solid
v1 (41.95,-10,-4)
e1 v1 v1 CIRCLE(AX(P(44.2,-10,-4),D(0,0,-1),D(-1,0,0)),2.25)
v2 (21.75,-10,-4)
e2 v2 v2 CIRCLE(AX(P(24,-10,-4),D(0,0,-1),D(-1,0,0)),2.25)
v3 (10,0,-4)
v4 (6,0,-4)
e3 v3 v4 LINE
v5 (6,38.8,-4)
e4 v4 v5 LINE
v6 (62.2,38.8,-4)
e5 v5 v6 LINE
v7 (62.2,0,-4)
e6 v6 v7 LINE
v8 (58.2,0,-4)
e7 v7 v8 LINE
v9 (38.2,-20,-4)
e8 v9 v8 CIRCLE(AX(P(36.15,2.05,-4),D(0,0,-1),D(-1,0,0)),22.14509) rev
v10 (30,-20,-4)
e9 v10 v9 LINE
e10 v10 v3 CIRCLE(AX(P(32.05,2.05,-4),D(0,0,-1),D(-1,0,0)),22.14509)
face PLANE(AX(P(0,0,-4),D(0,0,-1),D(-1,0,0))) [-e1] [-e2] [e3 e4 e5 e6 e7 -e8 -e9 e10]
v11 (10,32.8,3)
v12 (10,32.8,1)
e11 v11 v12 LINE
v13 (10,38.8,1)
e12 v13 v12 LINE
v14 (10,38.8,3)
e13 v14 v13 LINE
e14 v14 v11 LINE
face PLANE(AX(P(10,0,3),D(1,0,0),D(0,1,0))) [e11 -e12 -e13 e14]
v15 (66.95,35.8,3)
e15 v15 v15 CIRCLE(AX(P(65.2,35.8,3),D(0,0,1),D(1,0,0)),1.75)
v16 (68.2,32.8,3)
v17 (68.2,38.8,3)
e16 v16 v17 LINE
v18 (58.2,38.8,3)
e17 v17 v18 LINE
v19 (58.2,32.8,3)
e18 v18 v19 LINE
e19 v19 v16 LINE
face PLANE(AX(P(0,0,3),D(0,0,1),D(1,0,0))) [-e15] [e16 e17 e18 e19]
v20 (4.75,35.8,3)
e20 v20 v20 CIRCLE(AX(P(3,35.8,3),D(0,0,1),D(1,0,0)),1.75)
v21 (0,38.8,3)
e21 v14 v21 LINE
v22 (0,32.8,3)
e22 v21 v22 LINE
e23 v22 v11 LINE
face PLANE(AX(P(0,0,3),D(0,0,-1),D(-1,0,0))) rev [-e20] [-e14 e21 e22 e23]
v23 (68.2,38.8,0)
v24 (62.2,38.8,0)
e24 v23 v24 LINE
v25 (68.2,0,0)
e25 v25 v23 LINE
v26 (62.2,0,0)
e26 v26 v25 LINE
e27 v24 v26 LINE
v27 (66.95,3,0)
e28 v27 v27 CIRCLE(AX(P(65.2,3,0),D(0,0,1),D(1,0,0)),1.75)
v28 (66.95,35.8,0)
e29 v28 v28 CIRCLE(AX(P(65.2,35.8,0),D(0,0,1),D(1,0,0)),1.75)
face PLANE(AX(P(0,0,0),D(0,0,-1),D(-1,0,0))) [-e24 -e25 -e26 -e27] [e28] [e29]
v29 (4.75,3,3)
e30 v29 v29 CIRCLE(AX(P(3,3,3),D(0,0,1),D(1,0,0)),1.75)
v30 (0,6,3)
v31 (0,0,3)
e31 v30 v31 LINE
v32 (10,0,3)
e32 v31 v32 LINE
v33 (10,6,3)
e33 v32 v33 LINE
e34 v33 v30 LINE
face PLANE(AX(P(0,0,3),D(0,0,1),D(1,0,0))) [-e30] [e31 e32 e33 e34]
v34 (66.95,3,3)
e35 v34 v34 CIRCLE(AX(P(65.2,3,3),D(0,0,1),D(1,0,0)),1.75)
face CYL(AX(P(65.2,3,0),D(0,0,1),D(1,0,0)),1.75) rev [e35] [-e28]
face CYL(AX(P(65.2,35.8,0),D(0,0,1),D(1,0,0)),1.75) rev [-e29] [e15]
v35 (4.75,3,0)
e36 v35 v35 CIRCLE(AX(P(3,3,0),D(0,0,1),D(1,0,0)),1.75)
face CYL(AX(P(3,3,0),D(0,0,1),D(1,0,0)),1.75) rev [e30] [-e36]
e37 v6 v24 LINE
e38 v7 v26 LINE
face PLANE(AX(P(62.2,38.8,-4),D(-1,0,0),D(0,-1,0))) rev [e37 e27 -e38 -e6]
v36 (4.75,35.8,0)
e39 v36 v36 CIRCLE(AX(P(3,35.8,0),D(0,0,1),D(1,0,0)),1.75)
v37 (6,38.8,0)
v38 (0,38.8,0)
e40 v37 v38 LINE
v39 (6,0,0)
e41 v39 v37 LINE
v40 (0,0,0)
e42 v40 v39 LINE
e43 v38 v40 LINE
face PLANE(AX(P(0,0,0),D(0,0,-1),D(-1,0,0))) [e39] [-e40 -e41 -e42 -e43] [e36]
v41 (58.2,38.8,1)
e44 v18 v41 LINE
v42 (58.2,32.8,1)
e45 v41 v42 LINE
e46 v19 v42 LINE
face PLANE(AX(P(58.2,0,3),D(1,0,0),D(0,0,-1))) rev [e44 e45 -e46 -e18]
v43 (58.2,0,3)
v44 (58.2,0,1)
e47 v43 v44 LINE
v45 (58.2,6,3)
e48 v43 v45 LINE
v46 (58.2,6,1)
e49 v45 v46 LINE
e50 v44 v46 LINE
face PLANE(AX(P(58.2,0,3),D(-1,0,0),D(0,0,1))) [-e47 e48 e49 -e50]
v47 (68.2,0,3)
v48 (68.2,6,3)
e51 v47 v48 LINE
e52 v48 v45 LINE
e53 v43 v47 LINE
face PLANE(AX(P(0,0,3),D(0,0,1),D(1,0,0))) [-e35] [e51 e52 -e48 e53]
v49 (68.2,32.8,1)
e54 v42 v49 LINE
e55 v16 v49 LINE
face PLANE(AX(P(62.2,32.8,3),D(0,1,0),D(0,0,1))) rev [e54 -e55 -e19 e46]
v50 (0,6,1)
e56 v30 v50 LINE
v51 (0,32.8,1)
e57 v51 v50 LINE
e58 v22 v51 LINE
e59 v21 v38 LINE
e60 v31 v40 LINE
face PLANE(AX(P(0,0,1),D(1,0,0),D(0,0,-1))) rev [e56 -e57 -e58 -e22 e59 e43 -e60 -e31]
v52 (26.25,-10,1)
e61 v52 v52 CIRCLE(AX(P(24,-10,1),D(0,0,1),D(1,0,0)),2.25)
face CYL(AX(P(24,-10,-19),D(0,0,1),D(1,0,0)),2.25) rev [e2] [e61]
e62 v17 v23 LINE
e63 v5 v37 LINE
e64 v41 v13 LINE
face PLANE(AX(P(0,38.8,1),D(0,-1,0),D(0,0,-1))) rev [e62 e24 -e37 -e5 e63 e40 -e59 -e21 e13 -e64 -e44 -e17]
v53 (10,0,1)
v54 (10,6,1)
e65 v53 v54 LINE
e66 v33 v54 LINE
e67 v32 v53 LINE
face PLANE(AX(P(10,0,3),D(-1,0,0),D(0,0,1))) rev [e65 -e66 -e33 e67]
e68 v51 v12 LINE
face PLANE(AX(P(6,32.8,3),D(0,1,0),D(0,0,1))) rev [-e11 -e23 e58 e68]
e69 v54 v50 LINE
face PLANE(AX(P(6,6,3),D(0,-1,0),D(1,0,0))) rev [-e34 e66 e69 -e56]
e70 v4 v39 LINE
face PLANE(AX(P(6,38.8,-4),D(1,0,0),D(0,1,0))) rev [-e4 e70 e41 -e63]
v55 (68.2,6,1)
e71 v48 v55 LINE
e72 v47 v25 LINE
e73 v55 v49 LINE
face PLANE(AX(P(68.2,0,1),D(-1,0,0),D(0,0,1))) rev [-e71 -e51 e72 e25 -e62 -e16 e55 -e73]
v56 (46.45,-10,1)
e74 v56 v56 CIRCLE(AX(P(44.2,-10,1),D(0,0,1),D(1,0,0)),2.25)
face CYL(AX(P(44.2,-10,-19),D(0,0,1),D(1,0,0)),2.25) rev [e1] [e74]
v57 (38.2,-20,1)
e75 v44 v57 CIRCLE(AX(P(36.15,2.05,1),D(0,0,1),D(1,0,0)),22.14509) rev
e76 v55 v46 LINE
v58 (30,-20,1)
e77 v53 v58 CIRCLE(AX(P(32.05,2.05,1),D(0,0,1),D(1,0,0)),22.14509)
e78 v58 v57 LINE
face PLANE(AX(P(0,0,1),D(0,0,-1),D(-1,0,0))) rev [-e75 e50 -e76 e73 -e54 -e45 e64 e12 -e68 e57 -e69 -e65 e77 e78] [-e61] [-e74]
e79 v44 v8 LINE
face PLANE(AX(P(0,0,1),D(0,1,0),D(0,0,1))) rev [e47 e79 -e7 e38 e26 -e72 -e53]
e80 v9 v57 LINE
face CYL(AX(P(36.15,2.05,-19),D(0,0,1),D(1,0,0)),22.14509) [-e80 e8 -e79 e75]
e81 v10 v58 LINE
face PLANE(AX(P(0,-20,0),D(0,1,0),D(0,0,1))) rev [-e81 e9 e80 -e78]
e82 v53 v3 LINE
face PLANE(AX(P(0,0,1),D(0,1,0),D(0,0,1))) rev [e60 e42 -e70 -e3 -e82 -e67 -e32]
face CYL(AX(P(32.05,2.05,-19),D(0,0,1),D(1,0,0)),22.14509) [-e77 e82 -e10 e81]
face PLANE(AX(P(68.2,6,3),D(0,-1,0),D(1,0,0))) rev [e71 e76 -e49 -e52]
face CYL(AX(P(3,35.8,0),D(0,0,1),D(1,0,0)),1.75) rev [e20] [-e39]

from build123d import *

# Parameters (mm, degrees)
ESQUISSE1_W                  = 68.2
ESQUISSE1_H                  = 38.8
BOSS_EXTRU_1_DEPTH           = 1
ESQUISSE3_W                  = 6
ESQUISSE3_H                  = 6
BOSS_EXTRU_2_DEPTH           = 2
ESQUISSE2_W                  = 6
ESQUISSE2_H                  = 6
BOSS_EXTRU_3_DEPTH           = 2
ENL_V_MAT_EXTRU_1_DEPTH      = 79.489999363
ENL_V_MAT_EXTRU_1_DEPTH_BACK = 79.489999363
ESQUISSE5_R                  = 1.75
ESQUISSE6_W                  = 10
ESQUISSE6_H                  = 6
ESQUISSE6_R                  = 1.75
ESQUISSE6_R_2                = 1.8692189
BOSS_EXTRU_4_DEPTH           = 3
ESQUISSE7_W                  = 56.2
ESQUISSE7_H                  = 38.8
BOSS_EXTRU_5_DEPTH           = 4
ESQUISSE8_W                  = 48.2
ESQUISSE8_H                  = 5
BOSS_EXTRU_6_DEPTH           = 20
ESQUISSE9_R                  = 2.25
ENL_V_MAT_EXTRU_2_DEPTH      = 20


with BuildPart() as part:
    # Esquisse1 → Boss.-Extru.1 (new body)
    with BuildSketch(Plane.XY):
        with Locations((34.1, 19.4)):
            Rectangle(ESQUISSE1_W, ESQUISSE1_H)
    extrude(amount=BOSS_EXTRU_1_DEPTH)

    # Esquisse3 → Boss.-Extru.2 (add)
    with BuildSketch(Plane.XY.offset(1)):
        with Locations((65.2, 35.8)):
            Rectangle(ESQUISSE3_W, ESQUISSE3_H)
        with Locations((65.2, 3)):
            Rectangle(ESQUISSE3_W, ESQUISSE3_H)
        with Locations((3, 3)):
            Rectangle(ESQUISSE3_W, ESQUISSE3_H)
    extrude(amount=BOSS_EXTRU_2_DEPTH)

    # Esquisse2 → Boss.-Extru.3 (add)
    with BuildSketch(Plane.XY.offset(1)):
        with Locations((3, 35.8)):
            Rectangle(ESQUISSE2_W, ESQUISSE2_H)
    extrude(amount=BOSS_EXTRU_3_DEPTH)

    # Esquisse5 → Enlèv. mat.-Extru.1 (cut, two sides: drawn at the far end of the back side and taken through both)
    with BuildSketch(Plane.XY.offset(1).offset(-ENL_V_MAT_EXTRU_1_DEPTH_BACK)):
        with Locations((3, 35.8)):
            Circle(ESQUISSE5_R)
        with Locations((3, 3)):
            Circle(ESQUISSE5_R)
        with Locations((65.2, 3)):
            Circle(ESQUISSE5_R)
        with Locations((65.2, 35.8)):
            Circle(ESQUISSE5_R)
    extrude(amount=ENL_V_MAT_EXTRU_1_DEPTH + ENL_V_MAT_EXTRU_1_DEPTH_BACK, mode=Mode.SUBTRACT)

    # Esquisse6 → Boss.-Extru.4 (add)
    # profile 1 of 4: a face of its own
    with BuildSketch(Plane(origin=(0, 0, 0), x_dir=(-1, 0, 0), z_dir=(0, 0, -1))):
        with Locations((-63.2, 3)):
            Rectangle(ESQUISSE6_W, ESQUISSE6_H)
        with Locations(Location((-65.2, 3, 0), (0, 0, 180))):
            Circle(ESQUISSE6_R, mode=Mode.SUBTRACT)
    # profile 2 of 4: a face of its own
    with BuildSketch(Plane(origin=(0, 0, 0), x_dir=(-1, 0, 0), z_dir=(0, 0, -1))):
        with Locations((-63.2, 35.8)):
            Rectangle(ESQUISSE6_W, ESQUISSE6_H)
        with Locations((-65.2, 35.8)):
            Circle(ESQUISSE6_R_2, mode=Mode.SUBTRACT)
    # profile 3 of 4: a face of its own
    with BuildSketch(Plane(origin=(0, 0, 0), x_dir=(-1, 0, 0), z_dir=(0, 0, -1))):
        with Locations((-5, 3)):
            Rectangle(ESQUISSE6_W, ESQUISSE6_H)
        with Locations(Location((-3, 3, 0), (0, 0, 180))):
            Circle(ESQUISSE6_R, mode=Mode.SUBTRACT)
    # profile 4 of 4: a face of its own
    with BuildSketch(Plane(origin=(0, 0, 0), x_dir=(-1, 0, 0), z_dir=(0, 0, -1))):
        with Locations((-5, 35.8)):
            Rectangle(ESQUISSE6_W, ESQUISSE6_H)
        with Locations(Location((-3, 35.8, 0), (0, 0, 180))):
            Circle(ESQUISSE6_R, mode=Mode.SUBTRACT)
    extrude(amount=-BOSS_EXTRU_4_DEPTH)

    # Esquisse7 → Boss.-Extru.5 (add)
    with BuildSketch(Plane(origin=(0, 0, 0), x_dir=(-1, 0, 0), z_dir=(0, 0, -1))):
        with Locations((-34.1, 19.4)):
            Rectangle(ESQUISSE7_W, ESQUISSE7_H)
    extrude(amount=BOSS_EXTRU_5_DEPTH)

    # Esquisse8 → Boss.-Extru.6 (add)
    with BuildSketch(Plane.XZ):
        with Locations((34.1, -1.5)):
            Rectangle(ESQUISSE8_W, ESQUISSE8_H)
    extrude(amount=BOSS_EXTRU_6_DEPTH)

    # Esquisse9 → Enlèv. mat.-Extru.2 (cut)
    with BuildSketch(Plane.XY.offset(1)):
        with BuildLine():
            Line((10, 0), (10, -20))
            Line((10, -20), (30, -20))
            ThreePointArc((30, -20), (16.391056868, -13.608943132), (10, 0))
        make_face()
        with Locations((24, -10)):
            Circle(ESQUISSE9_R)
        with Locations((44.2, -10)):
            Circle(ESQUISSE9_R)
        with BuildLine():
            Line((58.2, -20), (58.2, 0))
            ThreePointArc((58.2, 0), (51.808943132, -13.608943132), (38.2, -20))
            Line((38.2, -20), (58.2, -20))
        make_face()
    extrude(amount=-ENL_V_MAT_EXTRU_2_DEPTH, mode=Mode.SUBTRACT)


solid = part.part
